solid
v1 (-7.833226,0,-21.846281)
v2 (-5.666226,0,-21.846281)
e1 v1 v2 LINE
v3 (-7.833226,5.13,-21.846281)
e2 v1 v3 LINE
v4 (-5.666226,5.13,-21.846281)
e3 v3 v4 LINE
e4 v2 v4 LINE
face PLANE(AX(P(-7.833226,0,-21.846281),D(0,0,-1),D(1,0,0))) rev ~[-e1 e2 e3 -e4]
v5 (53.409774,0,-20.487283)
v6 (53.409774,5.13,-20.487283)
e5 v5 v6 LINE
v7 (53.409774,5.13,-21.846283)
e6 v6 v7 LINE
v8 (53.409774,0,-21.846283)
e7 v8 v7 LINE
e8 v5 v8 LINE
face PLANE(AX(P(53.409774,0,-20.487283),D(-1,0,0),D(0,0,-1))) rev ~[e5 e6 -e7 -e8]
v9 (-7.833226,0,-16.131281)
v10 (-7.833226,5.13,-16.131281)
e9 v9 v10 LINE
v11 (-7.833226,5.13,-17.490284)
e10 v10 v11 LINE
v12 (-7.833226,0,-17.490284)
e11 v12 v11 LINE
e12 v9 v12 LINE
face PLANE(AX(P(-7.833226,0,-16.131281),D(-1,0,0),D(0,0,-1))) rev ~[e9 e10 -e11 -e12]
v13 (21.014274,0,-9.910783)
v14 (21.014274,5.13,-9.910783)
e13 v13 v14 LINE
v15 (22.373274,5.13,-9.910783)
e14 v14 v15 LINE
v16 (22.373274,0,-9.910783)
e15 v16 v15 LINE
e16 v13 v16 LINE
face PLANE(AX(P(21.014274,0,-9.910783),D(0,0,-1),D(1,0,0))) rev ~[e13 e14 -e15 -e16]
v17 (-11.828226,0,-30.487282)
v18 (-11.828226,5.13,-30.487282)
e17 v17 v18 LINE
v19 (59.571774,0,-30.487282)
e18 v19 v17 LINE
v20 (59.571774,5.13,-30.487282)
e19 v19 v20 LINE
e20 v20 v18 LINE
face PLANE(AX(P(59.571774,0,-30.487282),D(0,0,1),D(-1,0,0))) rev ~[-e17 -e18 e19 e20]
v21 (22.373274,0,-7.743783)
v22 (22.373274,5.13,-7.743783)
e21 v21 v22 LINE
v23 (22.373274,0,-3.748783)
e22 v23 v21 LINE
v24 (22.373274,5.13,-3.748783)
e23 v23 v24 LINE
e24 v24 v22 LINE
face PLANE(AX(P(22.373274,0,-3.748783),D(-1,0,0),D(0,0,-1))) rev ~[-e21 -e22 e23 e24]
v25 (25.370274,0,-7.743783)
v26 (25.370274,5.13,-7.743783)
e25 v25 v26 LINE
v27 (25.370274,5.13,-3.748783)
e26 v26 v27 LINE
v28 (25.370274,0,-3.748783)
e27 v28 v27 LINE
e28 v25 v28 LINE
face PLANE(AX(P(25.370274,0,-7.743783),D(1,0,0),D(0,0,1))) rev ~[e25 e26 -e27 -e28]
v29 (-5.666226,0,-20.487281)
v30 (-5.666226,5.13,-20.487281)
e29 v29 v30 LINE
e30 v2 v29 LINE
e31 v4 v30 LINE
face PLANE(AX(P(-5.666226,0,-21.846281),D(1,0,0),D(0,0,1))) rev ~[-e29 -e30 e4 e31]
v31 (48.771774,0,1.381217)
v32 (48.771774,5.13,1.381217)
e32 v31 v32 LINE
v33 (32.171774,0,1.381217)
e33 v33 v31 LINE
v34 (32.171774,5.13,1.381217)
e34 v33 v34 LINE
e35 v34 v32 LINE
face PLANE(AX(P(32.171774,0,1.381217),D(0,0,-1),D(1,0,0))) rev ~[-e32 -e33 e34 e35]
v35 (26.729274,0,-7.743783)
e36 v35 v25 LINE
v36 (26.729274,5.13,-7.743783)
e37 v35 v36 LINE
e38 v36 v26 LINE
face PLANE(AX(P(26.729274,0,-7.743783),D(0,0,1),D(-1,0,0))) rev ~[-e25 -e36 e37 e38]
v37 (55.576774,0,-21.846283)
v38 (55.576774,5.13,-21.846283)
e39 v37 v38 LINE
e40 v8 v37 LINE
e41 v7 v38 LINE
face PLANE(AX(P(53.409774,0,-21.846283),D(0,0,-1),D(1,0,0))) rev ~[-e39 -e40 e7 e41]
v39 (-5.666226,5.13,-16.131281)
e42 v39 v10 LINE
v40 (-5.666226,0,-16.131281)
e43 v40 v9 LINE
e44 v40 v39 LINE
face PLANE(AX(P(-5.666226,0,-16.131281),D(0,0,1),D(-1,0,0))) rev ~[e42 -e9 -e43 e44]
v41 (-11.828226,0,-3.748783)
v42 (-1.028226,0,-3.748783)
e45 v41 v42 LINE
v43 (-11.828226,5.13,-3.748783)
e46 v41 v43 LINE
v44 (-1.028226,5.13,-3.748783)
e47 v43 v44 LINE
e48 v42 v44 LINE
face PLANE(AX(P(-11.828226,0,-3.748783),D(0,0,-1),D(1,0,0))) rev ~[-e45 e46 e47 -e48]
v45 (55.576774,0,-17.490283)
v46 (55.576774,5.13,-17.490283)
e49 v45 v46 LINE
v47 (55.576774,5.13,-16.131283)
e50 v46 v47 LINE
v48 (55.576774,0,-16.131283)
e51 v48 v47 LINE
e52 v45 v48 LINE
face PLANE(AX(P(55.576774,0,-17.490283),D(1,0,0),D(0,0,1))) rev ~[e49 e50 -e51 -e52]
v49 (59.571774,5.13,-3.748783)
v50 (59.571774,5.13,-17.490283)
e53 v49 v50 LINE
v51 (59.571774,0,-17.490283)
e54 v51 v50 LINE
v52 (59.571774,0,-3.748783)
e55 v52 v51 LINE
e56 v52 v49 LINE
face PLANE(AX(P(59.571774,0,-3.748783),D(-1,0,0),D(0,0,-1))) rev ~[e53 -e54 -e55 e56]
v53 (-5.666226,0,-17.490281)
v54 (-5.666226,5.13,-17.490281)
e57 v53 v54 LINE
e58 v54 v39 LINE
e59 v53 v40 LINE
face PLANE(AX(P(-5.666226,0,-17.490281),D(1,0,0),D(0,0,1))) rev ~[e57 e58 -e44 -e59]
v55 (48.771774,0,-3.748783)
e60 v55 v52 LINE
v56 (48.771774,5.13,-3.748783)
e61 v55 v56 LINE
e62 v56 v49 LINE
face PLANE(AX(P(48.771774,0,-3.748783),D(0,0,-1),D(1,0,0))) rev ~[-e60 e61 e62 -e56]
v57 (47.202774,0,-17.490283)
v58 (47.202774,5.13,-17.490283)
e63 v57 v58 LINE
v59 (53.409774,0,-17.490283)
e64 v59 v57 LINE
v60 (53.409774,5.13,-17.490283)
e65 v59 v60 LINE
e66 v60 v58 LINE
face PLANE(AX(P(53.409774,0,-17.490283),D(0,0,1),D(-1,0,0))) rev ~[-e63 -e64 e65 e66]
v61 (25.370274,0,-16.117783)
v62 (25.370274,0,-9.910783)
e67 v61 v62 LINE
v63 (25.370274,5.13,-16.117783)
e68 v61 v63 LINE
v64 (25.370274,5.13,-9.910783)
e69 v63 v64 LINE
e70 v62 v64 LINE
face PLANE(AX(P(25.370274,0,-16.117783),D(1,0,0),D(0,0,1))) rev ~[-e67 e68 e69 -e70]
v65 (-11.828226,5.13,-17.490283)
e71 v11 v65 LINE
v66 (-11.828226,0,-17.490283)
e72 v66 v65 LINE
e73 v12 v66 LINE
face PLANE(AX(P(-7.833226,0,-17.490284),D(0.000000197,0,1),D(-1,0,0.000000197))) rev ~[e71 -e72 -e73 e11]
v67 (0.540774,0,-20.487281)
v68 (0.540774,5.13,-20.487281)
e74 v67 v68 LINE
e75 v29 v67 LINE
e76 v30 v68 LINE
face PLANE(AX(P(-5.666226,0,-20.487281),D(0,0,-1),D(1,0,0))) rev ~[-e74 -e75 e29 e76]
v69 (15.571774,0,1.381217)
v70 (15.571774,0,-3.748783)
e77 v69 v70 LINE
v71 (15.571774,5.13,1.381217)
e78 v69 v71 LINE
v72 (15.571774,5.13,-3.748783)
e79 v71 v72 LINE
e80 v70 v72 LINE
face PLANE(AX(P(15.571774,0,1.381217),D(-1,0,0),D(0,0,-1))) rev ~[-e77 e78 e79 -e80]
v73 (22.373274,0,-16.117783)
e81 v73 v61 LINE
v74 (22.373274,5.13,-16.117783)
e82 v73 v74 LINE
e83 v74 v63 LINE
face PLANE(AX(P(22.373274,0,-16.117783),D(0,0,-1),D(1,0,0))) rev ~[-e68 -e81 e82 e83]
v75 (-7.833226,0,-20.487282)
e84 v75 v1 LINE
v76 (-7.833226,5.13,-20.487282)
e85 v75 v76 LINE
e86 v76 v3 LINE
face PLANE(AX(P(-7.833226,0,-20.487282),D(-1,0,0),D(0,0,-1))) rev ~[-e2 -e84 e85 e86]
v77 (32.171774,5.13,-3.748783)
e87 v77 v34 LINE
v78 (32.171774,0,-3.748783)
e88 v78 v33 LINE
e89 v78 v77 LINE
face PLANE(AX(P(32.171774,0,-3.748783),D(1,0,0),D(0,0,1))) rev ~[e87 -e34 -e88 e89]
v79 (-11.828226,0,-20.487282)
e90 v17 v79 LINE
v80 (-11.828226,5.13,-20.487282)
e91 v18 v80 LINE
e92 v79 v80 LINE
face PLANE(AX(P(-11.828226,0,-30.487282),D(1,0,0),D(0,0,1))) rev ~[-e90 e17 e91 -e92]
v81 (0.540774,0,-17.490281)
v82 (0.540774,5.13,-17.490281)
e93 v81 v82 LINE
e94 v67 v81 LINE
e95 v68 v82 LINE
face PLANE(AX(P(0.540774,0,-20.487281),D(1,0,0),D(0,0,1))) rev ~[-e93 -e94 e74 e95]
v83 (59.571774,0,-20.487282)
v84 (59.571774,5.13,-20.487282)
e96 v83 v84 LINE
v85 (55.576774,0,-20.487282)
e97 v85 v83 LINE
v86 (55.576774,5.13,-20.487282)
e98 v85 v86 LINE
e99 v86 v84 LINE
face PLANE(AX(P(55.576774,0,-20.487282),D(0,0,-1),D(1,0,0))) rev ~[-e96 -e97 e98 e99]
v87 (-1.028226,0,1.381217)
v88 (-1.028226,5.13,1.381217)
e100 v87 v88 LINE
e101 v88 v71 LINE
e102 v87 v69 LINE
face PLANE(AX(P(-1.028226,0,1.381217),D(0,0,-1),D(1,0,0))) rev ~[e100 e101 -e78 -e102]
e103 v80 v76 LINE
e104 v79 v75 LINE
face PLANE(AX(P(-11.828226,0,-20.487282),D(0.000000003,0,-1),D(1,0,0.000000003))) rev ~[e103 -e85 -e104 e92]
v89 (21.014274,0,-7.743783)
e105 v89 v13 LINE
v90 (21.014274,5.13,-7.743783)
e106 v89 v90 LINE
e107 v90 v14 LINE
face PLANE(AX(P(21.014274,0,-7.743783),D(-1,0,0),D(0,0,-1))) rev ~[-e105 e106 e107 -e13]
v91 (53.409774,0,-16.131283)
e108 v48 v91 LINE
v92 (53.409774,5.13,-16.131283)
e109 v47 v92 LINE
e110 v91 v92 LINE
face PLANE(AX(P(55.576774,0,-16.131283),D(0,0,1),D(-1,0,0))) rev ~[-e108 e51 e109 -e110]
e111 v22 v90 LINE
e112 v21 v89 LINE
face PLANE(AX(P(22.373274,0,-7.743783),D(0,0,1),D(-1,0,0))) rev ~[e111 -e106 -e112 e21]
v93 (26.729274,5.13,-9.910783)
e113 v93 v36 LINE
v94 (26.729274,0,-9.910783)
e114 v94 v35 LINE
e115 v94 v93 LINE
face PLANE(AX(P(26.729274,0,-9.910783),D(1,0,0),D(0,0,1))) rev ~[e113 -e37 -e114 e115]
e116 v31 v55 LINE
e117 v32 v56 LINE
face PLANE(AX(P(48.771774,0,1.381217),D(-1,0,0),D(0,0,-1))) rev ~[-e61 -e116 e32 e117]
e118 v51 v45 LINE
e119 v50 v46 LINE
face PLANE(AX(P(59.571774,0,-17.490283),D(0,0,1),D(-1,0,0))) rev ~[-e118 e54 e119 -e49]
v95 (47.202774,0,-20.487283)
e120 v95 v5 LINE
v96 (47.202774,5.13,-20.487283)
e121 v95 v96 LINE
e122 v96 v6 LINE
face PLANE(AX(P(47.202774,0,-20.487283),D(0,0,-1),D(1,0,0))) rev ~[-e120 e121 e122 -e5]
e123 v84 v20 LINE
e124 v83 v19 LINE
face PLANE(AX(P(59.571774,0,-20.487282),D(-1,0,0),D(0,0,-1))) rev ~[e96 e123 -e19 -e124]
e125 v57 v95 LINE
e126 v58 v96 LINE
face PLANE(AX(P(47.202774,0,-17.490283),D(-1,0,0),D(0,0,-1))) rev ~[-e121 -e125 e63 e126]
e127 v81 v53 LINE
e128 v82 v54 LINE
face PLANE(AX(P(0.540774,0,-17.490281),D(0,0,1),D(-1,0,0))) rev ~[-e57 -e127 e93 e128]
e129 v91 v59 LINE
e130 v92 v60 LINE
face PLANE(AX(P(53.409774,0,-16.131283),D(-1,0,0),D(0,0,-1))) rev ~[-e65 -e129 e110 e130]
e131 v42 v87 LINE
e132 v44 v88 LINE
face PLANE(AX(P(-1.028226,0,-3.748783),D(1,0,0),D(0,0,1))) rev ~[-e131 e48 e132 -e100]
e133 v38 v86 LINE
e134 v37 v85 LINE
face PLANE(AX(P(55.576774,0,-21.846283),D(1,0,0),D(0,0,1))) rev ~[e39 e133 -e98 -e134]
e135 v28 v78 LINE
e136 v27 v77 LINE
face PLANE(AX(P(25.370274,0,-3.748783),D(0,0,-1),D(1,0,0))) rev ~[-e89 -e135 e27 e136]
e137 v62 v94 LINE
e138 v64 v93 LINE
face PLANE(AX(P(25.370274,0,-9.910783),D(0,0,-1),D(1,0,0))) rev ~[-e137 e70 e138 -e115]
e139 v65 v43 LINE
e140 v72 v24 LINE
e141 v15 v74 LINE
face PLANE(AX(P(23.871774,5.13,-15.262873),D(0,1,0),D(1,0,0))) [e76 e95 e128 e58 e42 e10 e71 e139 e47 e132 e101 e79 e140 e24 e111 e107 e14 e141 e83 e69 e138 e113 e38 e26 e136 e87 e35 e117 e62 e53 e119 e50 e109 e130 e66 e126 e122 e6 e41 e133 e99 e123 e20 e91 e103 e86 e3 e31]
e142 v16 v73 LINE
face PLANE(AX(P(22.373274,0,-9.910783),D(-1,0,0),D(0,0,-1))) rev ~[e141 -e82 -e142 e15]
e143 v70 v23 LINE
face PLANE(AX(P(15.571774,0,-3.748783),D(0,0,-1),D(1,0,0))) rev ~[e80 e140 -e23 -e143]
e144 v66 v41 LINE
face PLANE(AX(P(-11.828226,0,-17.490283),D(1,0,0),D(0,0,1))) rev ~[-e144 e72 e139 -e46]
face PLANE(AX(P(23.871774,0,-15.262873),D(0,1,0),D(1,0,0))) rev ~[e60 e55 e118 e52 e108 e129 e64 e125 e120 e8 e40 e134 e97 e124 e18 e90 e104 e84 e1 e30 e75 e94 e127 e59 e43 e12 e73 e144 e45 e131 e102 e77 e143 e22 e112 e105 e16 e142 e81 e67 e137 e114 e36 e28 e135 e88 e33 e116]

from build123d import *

# Parameters (mm, degrees)
BOSS_EXTRUDE4_DEPTH = 5.13


with BuildPart() as part:
    # Sketch2 → Boss-Extrude4 (new body)
    with BuildSketch(Plane(origin=(0, 0, 0), x_dir=(1, 0, 0), z_dir=(0, 1, 0))):
        Polygon((48.771774494, 3.748783209), (59.571774494, 3.748783209), (59.571774494, 17.490283209), (55.576774494, 17.490283209), (55.576774494, 16.131283196), (53.409774494, 16.131283196), (53.409774494, 17.490283196), (47.202774494, 17.490283196), (47.202774494, 20.487283196), (53.409774494, 20.487283196), (53.409774494, 21.846283196), (55.576774494, 21.846283196), (55.576774494, 20.487281812), (59.571774494, 20.487281812), (59.571774494, 30.487281812), (-11.828225506, 30.487281812), (-11.828225506, 20.487281812), (-7.833225506, 20.4872818), (-7.833225506, 21.846280998), (-5.666225506, 21.846280998), (-5.666225506, 20.487280998), (0.540774494, 20.487280998), (0.540774494, 17.490280998), (-5.666225506, 17.490280998), (-5.666225506, 16.131280998), (-7.833225506, 16.131280998), (-7.833225506, 17.490283995), (-11.828225506, 17.490283209), (-11.828225506, 3.748783209), (-1.028225506, 3.748783209), (-1.028225506, -1.381216791), (15.571774494, -1.381216791), (15.571774494, 3.748783209), (22.373274494, 3.748783209), (22.373274494, 7.743783209), (21.014274494, 7.743783209), (21.014274494, 9.910783209), (22.373274494, 9.910783209), (22.373274494, 16.117783209), (25.370274494, 16.117783209), (25.370274494, 9.910783209), (26.729274494, 9.910783209), (26.729274494, 7.743783209), (25.370274494, 7.743783209), (25.370274494, 3.748783209), (32.171774494, 3.748783209), (32.171774494, -1.381216791), (48.771774494, -1.381216791), align=None)
    extrude(amount=BOSS_EXTRUDE4_DEPTH)


solid = part.part
